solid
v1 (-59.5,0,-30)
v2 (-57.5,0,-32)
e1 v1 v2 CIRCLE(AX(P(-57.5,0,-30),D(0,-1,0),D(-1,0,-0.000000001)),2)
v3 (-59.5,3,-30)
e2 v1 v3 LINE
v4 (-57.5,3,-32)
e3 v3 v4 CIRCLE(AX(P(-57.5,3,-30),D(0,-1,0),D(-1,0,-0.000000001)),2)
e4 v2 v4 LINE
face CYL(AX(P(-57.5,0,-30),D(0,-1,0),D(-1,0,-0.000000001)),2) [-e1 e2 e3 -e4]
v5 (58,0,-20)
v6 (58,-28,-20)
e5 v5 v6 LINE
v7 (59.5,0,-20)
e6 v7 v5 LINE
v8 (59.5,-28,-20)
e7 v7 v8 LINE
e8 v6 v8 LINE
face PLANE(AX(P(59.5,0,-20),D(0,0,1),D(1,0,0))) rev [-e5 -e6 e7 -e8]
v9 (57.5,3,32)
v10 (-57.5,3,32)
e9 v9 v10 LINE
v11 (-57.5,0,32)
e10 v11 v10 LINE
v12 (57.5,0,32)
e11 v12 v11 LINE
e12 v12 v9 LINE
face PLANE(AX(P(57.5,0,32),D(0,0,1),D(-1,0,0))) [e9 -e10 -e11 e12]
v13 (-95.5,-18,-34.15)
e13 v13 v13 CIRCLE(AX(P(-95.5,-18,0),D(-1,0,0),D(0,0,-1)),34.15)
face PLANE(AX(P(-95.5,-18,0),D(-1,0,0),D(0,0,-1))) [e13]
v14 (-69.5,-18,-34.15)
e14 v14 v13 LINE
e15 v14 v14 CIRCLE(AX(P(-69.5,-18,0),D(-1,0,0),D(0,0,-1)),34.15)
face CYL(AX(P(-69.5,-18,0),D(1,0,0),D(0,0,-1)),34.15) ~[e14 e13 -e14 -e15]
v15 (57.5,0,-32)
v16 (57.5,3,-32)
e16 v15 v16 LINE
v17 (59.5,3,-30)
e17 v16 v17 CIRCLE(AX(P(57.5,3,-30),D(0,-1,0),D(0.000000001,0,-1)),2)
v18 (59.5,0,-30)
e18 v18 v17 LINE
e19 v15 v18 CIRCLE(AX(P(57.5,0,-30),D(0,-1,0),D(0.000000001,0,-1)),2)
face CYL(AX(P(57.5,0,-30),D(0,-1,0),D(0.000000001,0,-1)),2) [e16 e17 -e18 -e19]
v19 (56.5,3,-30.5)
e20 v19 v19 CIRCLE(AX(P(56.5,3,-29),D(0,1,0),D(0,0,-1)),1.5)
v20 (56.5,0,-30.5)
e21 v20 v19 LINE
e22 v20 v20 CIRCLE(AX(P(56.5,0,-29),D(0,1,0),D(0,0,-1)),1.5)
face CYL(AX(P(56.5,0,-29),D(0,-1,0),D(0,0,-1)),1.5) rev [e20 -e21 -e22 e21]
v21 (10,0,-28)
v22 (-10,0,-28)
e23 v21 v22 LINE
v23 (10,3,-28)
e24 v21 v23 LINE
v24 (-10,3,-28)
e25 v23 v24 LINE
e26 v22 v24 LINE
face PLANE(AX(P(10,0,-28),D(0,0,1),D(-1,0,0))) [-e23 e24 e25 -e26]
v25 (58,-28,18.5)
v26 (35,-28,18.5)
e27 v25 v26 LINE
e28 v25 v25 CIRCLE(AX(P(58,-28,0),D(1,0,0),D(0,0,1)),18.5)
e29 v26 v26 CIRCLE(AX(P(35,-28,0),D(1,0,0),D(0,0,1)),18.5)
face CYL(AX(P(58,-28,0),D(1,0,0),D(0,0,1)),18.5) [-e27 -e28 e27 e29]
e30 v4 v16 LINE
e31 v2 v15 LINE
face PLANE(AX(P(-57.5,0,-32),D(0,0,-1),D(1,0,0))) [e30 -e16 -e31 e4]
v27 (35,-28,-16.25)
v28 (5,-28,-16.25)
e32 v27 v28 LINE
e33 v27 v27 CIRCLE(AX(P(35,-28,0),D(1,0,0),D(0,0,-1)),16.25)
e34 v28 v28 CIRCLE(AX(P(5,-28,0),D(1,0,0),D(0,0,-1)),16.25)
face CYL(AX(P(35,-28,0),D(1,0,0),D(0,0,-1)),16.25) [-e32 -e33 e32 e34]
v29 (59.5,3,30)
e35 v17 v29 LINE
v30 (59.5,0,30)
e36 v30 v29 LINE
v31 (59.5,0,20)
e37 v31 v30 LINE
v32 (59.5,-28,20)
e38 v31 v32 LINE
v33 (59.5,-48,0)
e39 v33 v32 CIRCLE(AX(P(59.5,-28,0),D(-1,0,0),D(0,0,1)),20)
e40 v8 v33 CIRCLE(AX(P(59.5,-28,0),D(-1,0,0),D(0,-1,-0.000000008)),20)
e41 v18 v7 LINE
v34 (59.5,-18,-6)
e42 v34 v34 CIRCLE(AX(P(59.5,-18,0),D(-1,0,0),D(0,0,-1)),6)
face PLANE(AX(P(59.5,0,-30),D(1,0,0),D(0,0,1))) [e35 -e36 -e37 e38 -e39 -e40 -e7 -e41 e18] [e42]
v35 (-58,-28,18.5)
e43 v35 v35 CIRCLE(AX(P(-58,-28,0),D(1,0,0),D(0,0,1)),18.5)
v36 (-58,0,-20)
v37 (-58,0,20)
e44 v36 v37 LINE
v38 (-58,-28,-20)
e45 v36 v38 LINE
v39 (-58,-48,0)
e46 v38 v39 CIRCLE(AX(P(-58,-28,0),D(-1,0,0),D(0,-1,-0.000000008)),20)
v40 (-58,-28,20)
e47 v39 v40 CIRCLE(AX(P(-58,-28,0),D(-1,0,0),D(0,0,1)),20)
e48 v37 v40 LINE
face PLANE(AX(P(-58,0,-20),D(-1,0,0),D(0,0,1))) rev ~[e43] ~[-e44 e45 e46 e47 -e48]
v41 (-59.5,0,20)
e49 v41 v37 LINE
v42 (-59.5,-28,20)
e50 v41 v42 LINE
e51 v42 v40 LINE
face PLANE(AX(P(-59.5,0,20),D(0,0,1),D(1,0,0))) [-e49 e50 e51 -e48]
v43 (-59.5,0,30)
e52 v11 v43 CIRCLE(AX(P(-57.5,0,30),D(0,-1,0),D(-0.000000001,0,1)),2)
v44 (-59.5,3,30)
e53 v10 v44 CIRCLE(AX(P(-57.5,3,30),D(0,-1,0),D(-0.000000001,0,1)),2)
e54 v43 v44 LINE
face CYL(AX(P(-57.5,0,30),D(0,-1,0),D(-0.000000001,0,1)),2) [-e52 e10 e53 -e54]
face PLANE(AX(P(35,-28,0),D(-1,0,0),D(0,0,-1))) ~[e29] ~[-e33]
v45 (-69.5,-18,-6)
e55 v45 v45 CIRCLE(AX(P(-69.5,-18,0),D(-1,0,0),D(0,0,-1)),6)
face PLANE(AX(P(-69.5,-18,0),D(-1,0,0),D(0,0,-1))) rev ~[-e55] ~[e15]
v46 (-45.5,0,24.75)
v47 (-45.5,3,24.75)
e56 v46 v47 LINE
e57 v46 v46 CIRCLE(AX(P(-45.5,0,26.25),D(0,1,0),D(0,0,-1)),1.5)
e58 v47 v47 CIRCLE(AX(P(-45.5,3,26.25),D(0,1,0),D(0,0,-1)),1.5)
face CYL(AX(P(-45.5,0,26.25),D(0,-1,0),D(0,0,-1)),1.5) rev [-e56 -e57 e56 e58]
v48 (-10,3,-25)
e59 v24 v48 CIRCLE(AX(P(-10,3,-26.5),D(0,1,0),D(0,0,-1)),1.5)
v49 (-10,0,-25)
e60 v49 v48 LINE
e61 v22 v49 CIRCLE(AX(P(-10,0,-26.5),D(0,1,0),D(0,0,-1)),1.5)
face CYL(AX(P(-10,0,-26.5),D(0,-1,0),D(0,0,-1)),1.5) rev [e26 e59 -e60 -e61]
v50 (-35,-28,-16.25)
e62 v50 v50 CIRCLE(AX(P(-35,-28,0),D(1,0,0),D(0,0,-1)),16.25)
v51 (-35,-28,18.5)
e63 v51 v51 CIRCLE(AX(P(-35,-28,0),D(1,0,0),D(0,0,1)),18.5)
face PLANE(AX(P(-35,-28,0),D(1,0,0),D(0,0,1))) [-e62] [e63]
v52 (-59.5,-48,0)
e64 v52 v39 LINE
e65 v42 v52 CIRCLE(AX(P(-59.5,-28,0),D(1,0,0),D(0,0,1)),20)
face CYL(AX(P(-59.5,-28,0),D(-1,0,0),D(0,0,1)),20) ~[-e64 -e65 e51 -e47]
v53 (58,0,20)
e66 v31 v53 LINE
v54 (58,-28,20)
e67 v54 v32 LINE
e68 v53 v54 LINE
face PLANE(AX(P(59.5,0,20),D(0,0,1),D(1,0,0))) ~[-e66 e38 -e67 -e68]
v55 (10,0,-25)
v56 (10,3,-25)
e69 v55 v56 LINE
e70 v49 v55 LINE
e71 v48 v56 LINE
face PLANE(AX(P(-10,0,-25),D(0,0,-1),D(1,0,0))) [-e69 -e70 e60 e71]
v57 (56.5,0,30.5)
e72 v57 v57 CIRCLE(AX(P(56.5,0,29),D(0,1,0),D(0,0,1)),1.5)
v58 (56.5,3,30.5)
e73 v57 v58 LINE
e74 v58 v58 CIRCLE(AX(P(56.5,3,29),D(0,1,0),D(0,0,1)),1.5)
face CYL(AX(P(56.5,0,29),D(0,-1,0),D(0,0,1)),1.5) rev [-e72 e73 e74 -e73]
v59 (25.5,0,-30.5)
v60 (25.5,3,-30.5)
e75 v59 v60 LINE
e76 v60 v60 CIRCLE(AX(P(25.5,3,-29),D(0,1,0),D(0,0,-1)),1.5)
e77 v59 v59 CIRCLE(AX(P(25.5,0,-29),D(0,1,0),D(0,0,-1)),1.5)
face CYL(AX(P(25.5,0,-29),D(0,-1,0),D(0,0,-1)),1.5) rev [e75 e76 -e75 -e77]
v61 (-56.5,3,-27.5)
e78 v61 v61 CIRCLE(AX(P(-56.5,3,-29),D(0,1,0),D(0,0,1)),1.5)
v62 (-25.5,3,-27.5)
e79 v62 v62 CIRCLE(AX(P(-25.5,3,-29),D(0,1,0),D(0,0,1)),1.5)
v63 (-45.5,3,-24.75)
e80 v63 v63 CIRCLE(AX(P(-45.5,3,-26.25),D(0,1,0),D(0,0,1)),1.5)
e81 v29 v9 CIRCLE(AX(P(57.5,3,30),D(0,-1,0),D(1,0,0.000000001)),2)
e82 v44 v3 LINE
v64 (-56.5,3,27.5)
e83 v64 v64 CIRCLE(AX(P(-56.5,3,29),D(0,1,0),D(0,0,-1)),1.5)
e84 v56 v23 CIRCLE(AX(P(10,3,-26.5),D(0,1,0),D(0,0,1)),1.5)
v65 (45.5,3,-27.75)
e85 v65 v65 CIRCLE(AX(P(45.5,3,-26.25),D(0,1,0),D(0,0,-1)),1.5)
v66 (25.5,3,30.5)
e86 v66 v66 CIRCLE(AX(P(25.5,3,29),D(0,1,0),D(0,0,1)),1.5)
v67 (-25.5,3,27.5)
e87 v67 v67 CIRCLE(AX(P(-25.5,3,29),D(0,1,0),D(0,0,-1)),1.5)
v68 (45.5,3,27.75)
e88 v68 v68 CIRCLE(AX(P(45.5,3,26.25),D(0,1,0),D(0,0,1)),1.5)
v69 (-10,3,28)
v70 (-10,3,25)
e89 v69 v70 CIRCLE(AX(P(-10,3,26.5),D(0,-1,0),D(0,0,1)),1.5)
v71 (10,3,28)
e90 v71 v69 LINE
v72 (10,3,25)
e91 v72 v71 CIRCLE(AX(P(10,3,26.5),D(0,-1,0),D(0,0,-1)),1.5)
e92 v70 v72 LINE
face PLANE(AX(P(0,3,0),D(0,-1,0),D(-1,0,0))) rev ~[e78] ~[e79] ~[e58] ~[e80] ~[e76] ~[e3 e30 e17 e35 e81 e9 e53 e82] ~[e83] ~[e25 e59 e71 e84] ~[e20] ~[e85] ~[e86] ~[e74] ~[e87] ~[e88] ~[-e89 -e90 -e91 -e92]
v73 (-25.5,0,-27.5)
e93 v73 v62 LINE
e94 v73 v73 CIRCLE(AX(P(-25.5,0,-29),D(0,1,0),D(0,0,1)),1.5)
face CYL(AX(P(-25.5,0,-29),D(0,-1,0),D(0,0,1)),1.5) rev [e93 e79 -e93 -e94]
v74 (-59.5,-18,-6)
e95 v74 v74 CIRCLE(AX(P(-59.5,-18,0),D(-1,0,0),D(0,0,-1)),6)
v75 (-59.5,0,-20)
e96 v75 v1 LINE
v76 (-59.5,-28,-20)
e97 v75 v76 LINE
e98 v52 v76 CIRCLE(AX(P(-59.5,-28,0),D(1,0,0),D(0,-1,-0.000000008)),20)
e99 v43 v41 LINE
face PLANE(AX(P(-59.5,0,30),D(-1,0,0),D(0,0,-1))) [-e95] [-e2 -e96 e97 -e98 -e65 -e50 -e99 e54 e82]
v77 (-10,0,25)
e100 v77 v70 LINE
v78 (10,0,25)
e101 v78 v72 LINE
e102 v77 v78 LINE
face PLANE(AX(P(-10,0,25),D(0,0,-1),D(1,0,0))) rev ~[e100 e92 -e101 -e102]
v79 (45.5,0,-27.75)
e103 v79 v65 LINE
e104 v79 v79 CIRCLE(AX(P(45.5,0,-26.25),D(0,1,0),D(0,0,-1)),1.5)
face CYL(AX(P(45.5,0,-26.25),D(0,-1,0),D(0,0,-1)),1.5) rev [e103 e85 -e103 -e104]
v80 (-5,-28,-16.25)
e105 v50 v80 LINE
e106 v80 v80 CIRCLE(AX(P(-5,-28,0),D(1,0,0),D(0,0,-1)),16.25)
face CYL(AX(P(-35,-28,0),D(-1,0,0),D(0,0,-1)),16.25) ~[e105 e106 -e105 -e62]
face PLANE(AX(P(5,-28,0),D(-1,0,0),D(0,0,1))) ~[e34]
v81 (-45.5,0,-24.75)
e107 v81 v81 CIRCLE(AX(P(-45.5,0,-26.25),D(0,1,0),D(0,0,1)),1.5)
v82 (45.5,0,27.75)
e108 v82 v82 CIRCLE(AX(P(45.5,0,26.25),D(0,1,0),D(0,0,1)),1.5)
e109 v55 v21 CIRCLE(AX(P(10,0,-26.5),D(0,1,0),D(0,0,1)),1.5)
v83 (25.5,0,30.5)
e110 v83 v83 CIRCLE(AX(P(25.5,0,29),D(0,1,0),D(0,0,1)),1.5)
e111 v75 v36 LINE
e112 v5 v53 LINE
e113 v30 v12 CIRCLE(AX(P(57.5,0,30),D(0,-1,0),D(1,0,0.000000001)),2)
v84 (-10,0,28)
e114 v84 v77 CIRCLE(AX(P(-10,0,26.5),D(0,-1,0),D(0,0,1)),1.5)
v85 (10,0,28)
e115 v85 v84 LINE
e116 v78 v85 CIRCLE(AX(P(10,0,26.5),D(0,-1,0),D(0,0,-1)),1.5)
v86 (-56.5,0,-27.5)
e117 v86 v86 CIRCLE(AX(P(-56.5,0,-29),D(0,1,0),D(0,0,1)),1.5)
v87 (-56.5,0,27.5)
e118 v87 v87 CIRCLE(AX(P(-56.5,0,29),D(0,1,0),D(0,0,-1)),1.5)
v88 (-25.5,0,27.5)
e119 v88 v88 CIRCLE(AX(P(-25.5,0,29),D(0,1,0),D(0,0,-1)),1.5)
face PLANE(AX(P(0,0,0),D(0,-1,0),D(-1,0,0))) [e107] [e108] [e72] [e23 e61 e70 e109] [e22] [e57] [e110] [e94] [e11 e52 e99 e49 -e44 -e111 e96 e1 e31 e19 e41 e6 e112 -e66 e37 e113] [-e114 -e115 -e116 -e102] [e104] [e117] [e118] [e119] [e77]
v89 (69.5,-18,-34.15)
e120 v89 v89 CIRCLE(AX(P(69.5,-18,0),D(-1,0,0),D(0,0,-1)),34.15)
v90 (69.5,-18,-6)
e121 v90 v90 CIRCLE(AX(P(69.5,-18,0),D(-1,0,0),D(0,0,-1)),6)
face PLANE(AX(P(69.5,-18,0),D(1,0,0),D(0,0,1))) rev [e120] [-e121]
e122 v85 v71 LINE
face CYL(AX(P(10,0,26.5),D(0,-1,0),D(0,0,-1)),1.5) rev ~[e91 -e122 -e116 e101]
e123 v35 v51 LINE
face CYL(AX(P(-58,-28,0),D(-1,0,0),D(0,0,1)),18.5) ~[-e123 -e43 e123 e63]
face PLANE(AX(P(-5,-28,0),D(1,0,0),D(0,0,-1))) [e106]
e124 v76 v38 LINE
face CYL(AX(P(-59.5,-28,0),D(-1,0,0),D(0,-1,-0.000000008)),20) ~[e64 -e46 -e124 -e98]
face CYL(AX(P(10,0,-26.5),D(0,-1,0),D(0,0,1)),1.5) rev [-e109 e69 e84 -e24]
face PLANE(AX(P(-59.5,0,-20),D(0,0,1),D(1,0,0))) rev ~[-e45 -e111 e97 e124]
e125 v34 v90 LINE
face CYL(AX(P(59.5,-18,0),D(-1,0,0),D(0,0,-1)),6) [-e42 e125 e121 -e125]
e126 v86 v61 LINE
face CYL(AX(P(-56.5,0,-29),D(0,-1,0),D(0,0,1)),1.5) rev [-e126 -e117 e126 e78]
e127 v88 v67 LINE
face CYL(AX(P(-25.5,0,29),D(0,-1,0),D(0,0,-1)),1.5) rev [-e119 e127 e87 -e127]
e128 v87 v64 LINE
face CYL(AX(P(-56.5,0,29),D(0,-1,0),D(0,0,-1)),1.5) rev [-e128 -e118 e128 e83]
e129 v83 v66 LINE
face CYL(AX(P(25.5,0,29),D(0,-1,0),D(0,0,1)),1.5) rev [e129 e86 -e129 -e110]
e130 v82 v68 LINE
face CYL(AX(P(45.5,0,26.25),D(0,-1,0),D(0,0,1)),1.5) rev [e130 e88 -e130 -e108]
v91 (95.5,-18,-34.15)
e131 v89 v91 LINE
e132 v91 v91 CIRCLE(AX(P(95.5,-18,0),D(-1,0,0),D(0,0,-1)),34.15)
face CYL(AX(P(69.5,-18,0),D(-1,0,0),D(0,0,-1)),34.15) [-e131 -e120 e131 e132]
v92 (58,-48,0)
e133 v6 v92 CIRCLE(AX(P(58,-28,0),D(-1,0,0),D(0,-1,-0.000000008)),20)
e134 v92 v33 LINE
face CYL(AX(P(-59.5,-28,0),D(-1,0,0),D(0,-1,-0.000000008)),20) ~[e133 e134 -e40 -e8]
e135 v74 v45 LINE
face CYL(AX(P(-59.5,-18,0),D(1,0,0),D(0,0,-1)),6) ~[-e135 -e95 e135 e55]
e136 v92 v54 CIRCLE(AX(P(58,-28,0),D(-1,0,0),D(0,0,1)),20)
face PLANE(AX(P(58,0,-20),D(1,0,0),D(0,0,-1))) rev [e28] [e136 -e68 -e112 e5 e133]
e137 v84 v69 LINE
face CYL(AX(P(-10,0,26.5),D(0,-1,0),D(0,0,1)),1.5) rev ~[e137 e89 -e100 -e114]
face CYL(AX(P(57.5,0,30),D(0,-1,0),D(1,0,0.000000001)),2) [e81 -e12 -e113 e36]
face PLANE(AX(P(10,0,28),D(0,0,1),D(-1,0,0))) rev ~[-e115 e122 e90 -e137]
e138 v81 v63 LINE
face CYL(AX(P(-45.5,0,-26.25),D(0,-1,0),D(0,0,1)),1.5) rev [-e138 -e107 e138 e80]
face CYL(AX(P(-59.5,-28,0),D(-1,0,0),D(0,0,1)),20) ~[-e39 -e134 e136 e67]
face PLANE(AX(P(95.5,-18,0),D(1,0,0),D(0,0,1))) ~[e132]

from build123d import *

# Parameters (mm, degrees)
SKETCH2_R           = 1.5
BOSS_EXTRUDE1_DEPTH = 3
SKETCH4_W           = 1.5
SKETCH4_H           = 40
BOSS_EXTRUDE2_DEPTH = 48
CUT_EXTRUDE1_DEPTH  = 133.245982926
SKETCH6_R           = 18.5
BOSS_EXTRUDE3_DEPTH = 23
SKETCH7_R           = 16.25
BOSS_EXTRUDE4_DEPTH = 30
SKETCH8_R           = 6
BOSS_EXTRUDE5_DEPTH = 10
SKETCH9_R           = 34.15
BOSS_EXTRUDE6_DEPTH = 26


with BuildPart() as part:
    # Sketch2 → Boss-Extrude1 (new body)
    with BuildSketch(Plane(origin=(0, 0, 0), x_dir=(1, 0, 0), z_dir=(0, 1, 0))):
        with BuildLine():
            Line((57.5, -32), (-57.5, -32))
            ThreePointArc((-57.5, -32), (-58.914213562, -31.414213562), (-59.5, -30))
            Line((-59.5, -30), (-59.5, 30))
            ThreePointArc((-59.5, 30), (-58.914213562, 31.414213562), (-57.5, 32))
            Line((-57.5, 32), (57.5, 32))
            ThreePointArc((57.5, 32), (58.914213562, 31.414213562), (59.5, 30))
            Line((59.5, 30), (59.5, -30))
            ThreePointArc((59.5, -30), (58.914213562, -31.414213562), (57.5, -32))
        make_face()
        with Locations(Location((-56.5, 29, 0), (0, 0, 270))):
            Circle(SKETCH2_R, mode=Mode.SUBTRACT)
        with Locations(Location((-45.5, 26.25, 0), (0, 0, 270))):
            Circle(SKETCH2_R, mode=Mode.SUBTRACT)
        with Locations(Location((-25.5, 29, 0), (0, 0, 270))):
            Circle(SKETCH2_R, mode=Mode.SUBTRACT)
        with Locations(Location((-25.5, -29, 0), (0, 0, 90))):
            Circle(SKETCH2_R, mode=Mode.SUBTRACT)
        with Locations(Location((-45.5, -26.25, 0), (0, 0, 90))):
            Circle(SKETCH2_R, mode=Mode.SUBTRACT)
        with Locations(Location((-56.5, -29, 0), (0, 0, 90))):
            Circle(SKETCH2_R, mode=Mode.SUBTRACT)
        with Locations(Location((25.5, -29, 0), (0, 0, 270))):
            Circle(SKETCH2_R, mode=Mode.SUBTRACT)
        with Locations(Location((45.5, -26.25, 0), (0, 0, 270))):
            Circle(SKETCH2_R, mode=Mode.SUBTRACT)
        with Locations(Location((56.5, -29, 0), (0, 0, 270))):
            Circle(SKETCH2_R, mode=Mode.SUBTRACT)
        with Locations(Location((56.5, 29, 0), (0, 0, 90))):
            Circle(SKETCH2_R, mode=Mode.SUBTRACT)
        with Locations(Location((45.5, 26.25, 0), (0, 0, 90))):
            Circle(SKETCH2_R, mode=Mode.SUBTRACT)
        with Locations(Location((25.5, 29, 0), (0, 0, 90))):
            Circle(SKETCH2_R, mode=Mode.SUBTRACT)
        with BuildLine():
            Line((10, 28), (-10, 28))
            ThreePointArc((-10, 28), (-11.5, 26.5), (-10, 25))
            Line((-10, 25), (10, 25))
            ThreePointArc((10, 25), (11.5, 26.5), (10, 28))
        make_face(mode=Mode.SUBTRACT)
        with BuildLine():
            Line((-10, -25), (10, -25))
            ThreePointArc((10, -25), (11.5, -26.5), (10, -28))
            Line((10, -28), (-10, -28))
            ThreePointArc((-10, -28), (-11.5, -26.5), (-10, -25))
        make_face(mode=Mode.SUBTRACT)
    extrude(amount=BOSS_EXTRUDE1_DEPTH)

    # Sketch4 → Boss-Extrude2 (add)
    with BuildSketch(Plane.XZ):
        with Locations((-58.75, 0)):
            Rectangle(SKETCH4_W, SKETCH4_H)
    boss_extrude2 = extrude(amount=BOSS_EXTRUDE2_DEPTH)

    # Mirror3: Boss-Extrude2 across plane
    add(boss_extrude2.mirror(Plane(origin=(0, 0, 0), x_dir=(0, 0, 1), z_dir=(1, 0, 0))))

    # Sketch5 → Cut-Extrude1 (cut, through all)
    with BuildSketch(Plane.ZY.offset(59.5)):
        with BuildLine():
            ThreePointArc((-1.66e-07, -48), (-14.142135683, -42.142135565), (-20, -28))
            Line((-20, -28), (-20, -48))
            Line((-20, -48), (-1.66e-07, -48))
        make_face()
        with BuildLine():
            ThreePointArc((20, -28), (14.142135565, -42.142135683), (-1.66e-07, -48))
            Line((-1.66e-07, -48), (20, -48))
            Line((20, -48), (20, -28))
        make_face()
    extrude(amount=-CUT_EXTRUDE1_DEPTH, mode=Mode.SUBTRACT)

    # Sketch6 → Boss-Extrude3 (add)
    with BuildSketch(Plane(origin=(-58, 0, 0), x_dir=(0, 0, -1), z_dir=(1, 0, 0))):
        with Locations(Location((0, -28, 0), (0, 0, 180))):
            Circle(SKETCH6_R)
    boss_extrude3 = extrude(amount=BOSS_EXTRUDE3_DEPTH)

    # Sketch7 → Boss-Extrude4 (add)
    with BuildSketch(Plane(origin=(-35, 0, 0), x_dir=(0, 0, -1), z_dir=(1, 0, 0))):
        with Locations((0, -28)):
            Circle(SKETCH7_R)
    boss_extrude4 = extrude(amount=BOSS_EXTRUDE4_DEPTH)

    # Sketch8 → Boss-Extrude5 (add)
    with BuildSketch(Plane.ZY.offset(59.5)):
        with Locations(Location((0, -18, 0), (0, 0, 180))):
            Circle(SKETCH8_R)
    boss_extrude5 = extrude(amount=BOSS_EXTRUDE5_DEPTH)

    # Sketch9 → Boss-Extrude6 (add)
    with BuildSketch(Plane.ZY.offset(69.5)):
        with Locations(Location((0, -18, 0), (0, 0, 180))):
            Circle(SKETCH9_R)
    boss_extrude6 = extrude(amount=BOSS_EXTRUDE6_DEPTH)

    # Mirror7: Boss-Extrude3, Boss-Extrude4, Boss-Extrude5, Boss-Extrude6 across plane
    add(boss_extrude3.mirror(Plane(origin=(0, 0, 0), x_dir=(0, 0, 1), z_dir=(1, 0, 0))))
    add(boss_extrude4.mirror(Plane(origin=(0, 0, 0), x_dir=(0, 0, 1), z_dir=(1, 0, 0))))
    add(boss_extrude5.mirror(Plane(origin=(0, 0, 0), x_dir=(0, 0, 1), z_dir=(1, 0, 0))))
    add(boss_extrude6.mirror(Plane(origin=(0, 0, 0), x_dir=(0, 0, 1), z_dir=(1, 0, 0))))


solid = part.part
